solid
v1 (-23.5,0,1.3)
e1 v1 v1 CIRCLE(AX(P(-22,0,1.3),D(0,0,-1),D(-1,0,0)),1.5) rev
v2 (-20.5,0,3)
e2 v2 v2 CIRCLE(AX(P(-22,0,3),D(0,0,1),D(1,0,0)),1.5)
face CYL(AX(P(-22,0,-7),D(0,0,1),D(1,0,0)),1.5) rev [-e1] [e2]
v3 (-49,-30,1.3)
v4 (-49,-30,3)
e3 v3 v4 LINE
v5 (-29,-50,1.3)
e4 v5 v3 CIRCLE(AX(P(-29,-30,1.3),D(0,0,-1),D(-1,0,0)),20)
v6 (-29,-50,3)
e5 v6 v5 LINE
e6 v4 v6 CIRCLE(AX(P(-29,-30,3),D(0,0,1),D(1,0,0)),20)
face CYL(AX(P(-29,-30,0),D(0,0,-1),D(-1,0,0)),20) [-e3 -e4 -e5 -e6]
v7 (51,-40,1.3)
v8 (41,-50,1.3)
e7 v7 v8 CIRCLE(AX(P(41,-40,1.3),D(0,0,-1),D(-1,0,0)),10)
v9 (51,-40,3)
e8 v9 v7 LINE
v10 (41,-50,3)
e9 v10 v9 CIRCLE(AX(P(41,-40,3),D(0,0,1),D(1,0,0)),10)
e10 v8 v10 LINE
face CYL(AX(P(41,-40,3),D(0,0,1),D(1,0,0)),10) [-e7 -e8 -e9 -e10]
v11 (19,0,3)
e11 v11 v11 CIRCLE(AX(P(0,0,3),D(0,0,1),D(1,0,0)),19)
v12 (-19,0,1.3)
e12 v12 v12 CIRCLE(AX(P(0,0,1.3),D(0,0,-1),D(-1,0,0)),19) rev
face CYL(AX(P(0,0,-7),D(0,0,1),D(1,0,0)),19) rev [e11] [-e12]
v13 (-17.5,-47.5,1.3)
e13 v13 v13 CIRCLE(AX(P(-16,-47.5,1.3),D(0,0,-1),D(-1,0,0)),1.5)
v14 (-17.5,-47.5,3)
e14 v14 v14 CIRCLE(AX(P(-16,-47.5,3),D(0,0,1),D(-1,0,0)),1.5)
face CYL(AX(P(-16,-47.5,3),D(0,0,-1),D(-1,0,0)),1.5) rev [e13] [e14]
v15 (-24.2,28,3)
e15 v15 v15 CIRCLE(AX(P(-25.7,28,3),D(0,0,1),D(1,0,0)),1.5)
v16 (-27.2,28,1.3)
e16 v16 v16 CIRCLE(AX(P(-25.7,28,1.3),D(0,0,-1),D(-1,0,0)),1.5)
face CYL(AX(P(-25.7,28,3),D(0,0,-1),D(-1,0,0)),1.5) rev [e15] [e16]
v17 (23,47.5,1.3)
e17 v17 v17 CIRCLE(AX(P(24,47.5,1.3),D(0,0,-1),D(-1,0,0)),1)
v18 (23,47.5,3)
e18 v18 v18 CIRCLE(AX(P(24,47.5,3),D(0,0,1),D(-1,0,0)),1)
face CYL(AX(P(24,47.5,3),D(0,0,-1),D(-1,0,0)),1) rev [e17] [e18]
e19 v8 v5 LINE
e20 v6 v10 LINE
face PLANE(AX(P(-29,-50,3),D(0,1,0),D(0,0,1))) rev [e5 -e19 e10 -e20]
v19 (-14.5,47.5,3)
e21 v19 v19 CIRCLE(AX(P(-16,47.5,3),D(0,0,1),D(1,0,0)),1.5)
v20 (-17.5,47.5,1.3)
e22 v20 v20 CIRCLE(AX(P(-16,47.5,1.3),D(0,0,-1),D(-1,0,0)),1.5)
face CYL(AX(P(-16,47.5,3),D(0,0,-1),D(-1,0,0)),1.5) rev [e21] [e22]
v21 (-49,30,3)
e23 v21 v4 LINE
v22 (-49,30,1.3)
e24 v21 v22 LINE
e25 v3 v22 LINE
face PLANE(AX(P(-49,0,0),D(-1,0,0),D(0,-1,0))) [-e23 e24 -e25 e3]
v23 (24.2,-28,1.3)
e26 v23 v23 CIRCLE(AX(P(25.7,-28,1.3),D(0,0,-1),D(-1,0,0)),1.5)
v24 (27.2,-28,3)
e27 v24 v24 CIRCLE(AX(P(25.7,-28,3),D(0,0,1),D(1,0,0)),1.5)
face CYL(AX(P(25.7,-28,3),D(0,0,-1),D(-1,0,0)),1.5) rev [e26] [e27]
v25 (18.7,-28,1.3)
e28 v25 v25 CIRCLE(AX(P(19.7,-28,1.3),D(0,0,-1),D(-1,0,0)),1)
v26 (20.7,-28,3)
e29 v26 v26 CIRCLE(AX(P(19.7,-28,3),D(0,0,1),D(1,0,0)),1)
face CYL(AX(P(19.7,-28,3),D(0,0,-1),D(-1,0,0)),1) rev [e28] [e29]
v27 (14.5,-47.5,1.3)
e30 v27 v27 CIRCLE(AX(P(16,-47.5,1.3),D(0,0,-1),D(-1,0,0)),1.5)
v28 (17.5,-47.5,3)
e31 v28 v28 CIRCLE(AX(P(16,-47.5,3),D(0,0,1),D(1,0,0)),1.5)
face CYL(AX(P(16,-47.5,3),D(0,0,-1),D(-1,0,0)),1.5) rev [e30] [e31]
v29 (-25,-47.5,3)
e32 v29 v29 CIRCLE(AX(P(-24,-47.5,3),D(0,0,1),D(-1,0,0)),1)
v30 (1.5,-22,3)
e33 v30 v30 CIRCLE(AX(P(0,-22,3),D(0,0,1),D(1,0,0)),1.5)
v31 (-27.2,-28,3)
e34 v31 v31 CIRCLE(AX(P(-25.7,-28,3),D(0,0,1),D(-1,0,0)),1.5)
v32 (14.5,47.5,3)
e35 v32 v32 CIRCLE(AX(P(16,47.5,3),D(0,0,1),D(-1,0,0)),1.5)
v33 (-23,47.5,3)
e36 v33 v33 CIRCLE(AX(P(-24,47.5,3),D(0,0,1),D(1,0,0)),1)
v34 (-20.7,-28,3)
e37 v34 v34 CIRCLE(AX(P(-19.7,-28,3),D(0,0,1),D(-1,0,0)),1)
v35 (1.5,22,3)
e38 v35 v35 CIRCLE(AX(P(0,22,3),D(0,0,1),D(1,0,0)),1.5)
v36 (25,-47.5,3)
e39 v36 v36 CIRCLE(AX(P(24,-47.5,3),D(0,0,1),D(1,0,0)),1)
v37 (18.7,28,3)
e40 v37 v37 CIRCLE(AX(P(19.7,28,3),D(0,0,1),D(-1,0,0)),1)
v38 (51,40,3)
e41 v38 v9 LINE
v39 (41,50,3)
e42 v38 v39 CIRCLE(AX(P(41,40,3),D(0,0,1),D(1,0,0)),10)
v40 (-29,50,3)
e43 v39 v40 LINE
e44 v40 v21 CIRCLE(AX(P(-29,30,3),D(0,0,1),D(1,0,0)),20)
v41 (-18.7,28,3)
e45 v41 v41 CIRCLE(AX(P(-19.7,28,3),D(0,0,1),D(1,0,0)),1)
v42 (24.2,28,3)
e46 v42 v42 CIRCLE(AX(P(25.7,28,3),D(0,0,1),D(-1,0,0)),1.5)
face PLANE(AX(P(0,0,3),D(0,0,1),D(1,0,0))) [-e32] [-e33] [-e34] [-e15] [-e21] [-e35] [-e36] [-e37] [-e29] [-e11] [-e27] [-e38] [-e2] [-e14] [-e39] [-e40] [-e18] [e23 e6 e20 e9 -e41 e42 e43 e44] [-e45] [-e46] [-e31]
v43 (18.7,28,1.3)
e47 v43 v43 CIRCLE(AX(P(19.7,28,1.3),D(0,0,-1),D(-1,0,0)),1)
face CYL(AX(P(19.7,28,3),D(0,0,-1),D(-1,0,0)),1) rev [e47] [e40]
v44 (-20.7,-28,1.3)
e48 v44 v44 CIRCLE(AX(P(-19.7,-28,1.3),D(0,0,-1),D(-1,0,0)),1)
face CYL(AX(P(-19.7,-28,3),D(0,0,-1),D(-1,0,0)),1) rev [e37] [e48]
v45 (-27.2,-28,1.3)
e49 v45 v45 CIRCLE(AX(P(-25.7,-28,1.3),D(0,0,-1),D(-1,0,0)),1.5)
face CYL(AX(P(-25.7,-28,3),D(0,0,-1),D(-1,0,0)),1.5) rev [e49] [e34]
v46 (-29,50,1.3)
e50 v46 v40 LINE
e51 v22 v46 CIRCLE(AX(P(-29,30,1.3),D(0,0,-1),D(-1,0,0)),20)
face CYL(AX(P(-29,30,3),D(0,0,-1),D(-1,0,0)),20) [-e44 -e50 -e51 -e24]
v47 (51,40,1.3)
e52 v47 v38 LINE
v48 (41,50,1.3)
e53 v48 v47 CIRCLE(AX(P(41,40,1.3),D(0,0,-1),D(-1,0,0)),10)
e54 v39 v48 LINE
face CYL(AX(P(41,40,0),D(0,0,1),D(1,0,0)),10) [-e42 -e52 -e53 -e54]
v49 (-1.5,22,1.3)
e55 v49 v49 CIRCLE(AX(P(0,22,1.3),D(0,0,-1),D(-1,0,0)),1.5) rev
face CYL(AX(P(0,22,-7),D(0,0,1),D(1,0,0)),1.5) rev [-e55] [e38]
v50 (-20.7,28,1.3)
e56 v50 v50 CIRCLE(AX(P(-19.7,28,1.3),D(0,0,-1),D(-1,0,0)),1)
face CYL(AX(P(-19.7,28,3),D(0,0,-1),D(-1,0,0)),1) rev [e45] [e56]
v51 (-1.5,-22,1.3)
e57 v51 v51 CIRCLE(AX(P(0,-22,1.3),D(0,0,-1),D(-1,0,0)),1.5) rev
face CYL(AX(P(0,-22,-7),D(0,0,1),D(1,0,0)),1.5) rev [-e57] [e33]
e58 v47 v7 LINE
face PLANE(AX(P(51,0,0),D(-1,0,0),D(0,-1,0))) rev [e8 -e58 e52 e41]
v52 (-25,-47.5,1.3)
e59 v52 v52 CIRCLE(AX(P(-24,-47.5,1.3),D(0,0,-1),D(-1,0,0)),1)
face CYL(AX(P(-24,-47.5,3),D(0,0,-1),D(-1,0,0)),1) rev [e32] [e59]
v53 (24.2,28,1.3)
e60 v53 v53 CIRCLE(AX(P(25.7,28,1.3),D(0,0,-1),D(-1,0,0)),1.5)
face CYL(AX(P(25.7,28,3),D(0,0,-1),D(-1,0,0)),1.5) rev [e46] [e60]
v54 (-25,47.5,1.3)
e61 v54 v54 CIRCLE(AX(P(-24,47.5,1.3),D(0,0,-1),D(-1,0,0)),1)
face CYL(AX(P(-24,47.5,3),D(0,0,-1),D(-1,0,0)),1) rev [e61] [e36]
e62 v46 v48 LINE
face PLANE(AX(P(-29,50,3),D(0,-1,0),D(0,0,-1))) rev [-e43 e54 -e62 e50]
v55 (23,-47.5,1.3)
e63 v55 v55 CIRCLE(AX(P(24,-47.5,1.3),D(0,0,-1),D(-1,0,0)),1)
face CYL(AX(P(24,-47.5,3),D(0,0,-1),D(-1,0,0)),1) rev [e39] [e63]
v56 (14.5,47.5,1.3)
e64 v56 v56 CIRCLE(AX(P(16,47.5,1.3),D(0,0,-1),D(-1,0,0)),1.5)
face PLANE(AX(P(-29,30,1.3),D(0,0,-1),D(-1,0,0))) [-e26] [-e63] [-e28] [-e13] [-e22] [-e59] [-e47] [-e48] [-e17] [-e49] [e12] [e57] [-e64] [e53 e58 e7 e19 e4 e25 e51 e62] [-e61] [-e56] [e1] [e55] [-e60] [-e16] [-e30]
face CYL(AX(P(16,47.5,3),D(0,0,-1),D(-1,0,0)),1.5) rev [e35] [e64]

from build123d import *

# Parameters (mm, degrees)
SKETCH_1_W          = 58
SKETCH_1_H          = 100
SKETCH_1_R          = 1
SKETCH_1_R_2        = 1.5
EXTRUDE_1_DEPTH     = 3
SKETCH_2_R          = 19
SKETCH_2_R_2        = 1.5
CUT_EXTRUDE_1_DEPTH = 10
SKETCH_2_3_W        = 20
SKETCH_2_3_H        = 100
SKETCH_2_3_W_2      = 22
EXTRUDE_2_DEPTH     = 3
FILLET_1_R          = 20
FILLET_2_R          = 10
CUT_EXTRUDE_2_DEPTH = 1.3


with BuildPart() as part:
    # 草图1 → 凸台-拉伸1 (new body)
    with BuildSketch(Plane.XY):
        Rectangle(SKETCH_1_W, SKETCH_1_H)
        with Locations((-24, 47.5)):
            Circle(SKETCH_1_R, mode=Mode.SUBTRACT)
        with Locations((-16, 47.5)):
            Circle(SKETCH_1_R_2, mode=Mode.SUBTRACT)
        with Locations((16, 47.5)):
            Circle(SKETCH_1_R_2, mode=Mode.SUBTRACT)
        with Locations((24, 47.5)):
            Circle(SKETCH_1_R, mode=Mode.SUBTRACT)
        with Locations((-19.7, 28)):
            Circle(SKETCH_1_R, mode=Mode.SUBTRACT)
        with Locations((-25.7, 28)):
            Circle(SKETCH_1_R_2, mode=Mode.SUBTRACT)
        with Locations((19.7, 28)):
            Circle(SKETCH_1_R, mode=Mode.SUBTRACT)
        with Locations((25.7, 28)):
            Circle(SKETCH_1_R_2, mode=Mode.SUBTRACT)
        with Locations((25.7, -28)):
            Circle(SKETCH_1_R_2, mode=Mode.SUBTRACT)
        with Locations((24, -47.5)):
            Circle(SKETCH_1_R, mode=Mode.SUBTRACT)
        with Locations((16, -47.5)):
            Circle(SKETCH_1_R_2, mode=Mode.SUBTRACT)
        with Locations((19.7, -28)):
            Circle(SKETCH_1_R, mode=Mode.SUBTRACT)
        with Locations((-19.7, -28)):
            Circle(SKETCH_1_R, mode=Mode.SUBTRACT)
        with Locations((-25.7, -28)):
            Circle(SKETCH_1_R_2, mode=Mode.SUBTRACT)
        with Locations((-24, -47.5)):
            Circle(SKETCH_1_R, mode=Mode.SUBTRACT)
        with Locations((-16, -47.5)):
            Circle(SKETCH_1_R_2, mode=Mode.SUBTRACT)
    extrude(amount=EXTRUDE_1_DEPTH)

    # 草图2 → 切除-拉伸1 (cut)
    with BuildSketch(Plane.XY.offset(3)):
        Circle(SKETCH_2_R)
        with Locations((0, 22)):
            Circle(SKETCH_2_R_2)
        with Locations((-22, 0)):
            Circle(SKETCH_2_R_2)
        with Locations((0, -22)):
            Circle(SKETCH_2_R_2)
    extrude(amount=-CUT_EXTRUDE_1_DEPTH, mode=Mode.SUBTRACT)

    # 草图2<3> → 凸台-拉伸2 (add)
    with BuildSketch(Plane.XY.offset(3)):
        with Locations((-39, 0)):
            Rectangle(SKETCH_2_3_W, SKETCH_2_3_H)
        with Locations((40, 0)):
            Rectangle(SKETCH_2_3_W_2, SKETCH_2_3_H)
    extrude(amount=-EXTRUDE_2_DEPTH)

    # 圆角1
    fillet_1_edges = [part.edges().sort_by_distance(p)[0] for p in [
        (-49, 50, 1.5),
        (-49, -50, 1.5),
    ]]
    fillet(fillet_1_edges, radius=FILLET_1_R)

    # 圆角2
    fillet_2_edges = [part.edges().sort_by_distance(p)[0] for p in [
        (51, 50, 1.5),
        (51, -50, 1.5),
    ]]
    fillet(fillet_2_edges, radius=FILLET_2_R)

    # 草图3 → 切除-拉伸2 (cut)
    with BuildSketch(Plane(origin=(0, 0, 0), x_dir=(-1, 0, 0), z_dir=(0, 0, -1))):
        with BuildLine():
            Line((29, 50), (-41, 50))
            ThreePointArc((-41, 50), (-48.071067812, 47.071067812), (-51, 40))
            Line((-51, 40), (-51, -40))
            ThreePointArc((-51, -40), (-48.071067812, -47.071067812), (-41, -50))
            Line((-41, -50), (29, -50))
            ThreePointArc((29, -50), (43.142135624, -44.142135624), (49, -30))
            Line((49, -30), (49, 30))
            ThreePointArc((49, 30), (43.142135624, 44.142135624), (29, 50))
        make_face()
    extrude(amount=-CUT_EXTRUDE_2_DEPTH, mode=Mode.SUBTRACT)


solid = part.part
